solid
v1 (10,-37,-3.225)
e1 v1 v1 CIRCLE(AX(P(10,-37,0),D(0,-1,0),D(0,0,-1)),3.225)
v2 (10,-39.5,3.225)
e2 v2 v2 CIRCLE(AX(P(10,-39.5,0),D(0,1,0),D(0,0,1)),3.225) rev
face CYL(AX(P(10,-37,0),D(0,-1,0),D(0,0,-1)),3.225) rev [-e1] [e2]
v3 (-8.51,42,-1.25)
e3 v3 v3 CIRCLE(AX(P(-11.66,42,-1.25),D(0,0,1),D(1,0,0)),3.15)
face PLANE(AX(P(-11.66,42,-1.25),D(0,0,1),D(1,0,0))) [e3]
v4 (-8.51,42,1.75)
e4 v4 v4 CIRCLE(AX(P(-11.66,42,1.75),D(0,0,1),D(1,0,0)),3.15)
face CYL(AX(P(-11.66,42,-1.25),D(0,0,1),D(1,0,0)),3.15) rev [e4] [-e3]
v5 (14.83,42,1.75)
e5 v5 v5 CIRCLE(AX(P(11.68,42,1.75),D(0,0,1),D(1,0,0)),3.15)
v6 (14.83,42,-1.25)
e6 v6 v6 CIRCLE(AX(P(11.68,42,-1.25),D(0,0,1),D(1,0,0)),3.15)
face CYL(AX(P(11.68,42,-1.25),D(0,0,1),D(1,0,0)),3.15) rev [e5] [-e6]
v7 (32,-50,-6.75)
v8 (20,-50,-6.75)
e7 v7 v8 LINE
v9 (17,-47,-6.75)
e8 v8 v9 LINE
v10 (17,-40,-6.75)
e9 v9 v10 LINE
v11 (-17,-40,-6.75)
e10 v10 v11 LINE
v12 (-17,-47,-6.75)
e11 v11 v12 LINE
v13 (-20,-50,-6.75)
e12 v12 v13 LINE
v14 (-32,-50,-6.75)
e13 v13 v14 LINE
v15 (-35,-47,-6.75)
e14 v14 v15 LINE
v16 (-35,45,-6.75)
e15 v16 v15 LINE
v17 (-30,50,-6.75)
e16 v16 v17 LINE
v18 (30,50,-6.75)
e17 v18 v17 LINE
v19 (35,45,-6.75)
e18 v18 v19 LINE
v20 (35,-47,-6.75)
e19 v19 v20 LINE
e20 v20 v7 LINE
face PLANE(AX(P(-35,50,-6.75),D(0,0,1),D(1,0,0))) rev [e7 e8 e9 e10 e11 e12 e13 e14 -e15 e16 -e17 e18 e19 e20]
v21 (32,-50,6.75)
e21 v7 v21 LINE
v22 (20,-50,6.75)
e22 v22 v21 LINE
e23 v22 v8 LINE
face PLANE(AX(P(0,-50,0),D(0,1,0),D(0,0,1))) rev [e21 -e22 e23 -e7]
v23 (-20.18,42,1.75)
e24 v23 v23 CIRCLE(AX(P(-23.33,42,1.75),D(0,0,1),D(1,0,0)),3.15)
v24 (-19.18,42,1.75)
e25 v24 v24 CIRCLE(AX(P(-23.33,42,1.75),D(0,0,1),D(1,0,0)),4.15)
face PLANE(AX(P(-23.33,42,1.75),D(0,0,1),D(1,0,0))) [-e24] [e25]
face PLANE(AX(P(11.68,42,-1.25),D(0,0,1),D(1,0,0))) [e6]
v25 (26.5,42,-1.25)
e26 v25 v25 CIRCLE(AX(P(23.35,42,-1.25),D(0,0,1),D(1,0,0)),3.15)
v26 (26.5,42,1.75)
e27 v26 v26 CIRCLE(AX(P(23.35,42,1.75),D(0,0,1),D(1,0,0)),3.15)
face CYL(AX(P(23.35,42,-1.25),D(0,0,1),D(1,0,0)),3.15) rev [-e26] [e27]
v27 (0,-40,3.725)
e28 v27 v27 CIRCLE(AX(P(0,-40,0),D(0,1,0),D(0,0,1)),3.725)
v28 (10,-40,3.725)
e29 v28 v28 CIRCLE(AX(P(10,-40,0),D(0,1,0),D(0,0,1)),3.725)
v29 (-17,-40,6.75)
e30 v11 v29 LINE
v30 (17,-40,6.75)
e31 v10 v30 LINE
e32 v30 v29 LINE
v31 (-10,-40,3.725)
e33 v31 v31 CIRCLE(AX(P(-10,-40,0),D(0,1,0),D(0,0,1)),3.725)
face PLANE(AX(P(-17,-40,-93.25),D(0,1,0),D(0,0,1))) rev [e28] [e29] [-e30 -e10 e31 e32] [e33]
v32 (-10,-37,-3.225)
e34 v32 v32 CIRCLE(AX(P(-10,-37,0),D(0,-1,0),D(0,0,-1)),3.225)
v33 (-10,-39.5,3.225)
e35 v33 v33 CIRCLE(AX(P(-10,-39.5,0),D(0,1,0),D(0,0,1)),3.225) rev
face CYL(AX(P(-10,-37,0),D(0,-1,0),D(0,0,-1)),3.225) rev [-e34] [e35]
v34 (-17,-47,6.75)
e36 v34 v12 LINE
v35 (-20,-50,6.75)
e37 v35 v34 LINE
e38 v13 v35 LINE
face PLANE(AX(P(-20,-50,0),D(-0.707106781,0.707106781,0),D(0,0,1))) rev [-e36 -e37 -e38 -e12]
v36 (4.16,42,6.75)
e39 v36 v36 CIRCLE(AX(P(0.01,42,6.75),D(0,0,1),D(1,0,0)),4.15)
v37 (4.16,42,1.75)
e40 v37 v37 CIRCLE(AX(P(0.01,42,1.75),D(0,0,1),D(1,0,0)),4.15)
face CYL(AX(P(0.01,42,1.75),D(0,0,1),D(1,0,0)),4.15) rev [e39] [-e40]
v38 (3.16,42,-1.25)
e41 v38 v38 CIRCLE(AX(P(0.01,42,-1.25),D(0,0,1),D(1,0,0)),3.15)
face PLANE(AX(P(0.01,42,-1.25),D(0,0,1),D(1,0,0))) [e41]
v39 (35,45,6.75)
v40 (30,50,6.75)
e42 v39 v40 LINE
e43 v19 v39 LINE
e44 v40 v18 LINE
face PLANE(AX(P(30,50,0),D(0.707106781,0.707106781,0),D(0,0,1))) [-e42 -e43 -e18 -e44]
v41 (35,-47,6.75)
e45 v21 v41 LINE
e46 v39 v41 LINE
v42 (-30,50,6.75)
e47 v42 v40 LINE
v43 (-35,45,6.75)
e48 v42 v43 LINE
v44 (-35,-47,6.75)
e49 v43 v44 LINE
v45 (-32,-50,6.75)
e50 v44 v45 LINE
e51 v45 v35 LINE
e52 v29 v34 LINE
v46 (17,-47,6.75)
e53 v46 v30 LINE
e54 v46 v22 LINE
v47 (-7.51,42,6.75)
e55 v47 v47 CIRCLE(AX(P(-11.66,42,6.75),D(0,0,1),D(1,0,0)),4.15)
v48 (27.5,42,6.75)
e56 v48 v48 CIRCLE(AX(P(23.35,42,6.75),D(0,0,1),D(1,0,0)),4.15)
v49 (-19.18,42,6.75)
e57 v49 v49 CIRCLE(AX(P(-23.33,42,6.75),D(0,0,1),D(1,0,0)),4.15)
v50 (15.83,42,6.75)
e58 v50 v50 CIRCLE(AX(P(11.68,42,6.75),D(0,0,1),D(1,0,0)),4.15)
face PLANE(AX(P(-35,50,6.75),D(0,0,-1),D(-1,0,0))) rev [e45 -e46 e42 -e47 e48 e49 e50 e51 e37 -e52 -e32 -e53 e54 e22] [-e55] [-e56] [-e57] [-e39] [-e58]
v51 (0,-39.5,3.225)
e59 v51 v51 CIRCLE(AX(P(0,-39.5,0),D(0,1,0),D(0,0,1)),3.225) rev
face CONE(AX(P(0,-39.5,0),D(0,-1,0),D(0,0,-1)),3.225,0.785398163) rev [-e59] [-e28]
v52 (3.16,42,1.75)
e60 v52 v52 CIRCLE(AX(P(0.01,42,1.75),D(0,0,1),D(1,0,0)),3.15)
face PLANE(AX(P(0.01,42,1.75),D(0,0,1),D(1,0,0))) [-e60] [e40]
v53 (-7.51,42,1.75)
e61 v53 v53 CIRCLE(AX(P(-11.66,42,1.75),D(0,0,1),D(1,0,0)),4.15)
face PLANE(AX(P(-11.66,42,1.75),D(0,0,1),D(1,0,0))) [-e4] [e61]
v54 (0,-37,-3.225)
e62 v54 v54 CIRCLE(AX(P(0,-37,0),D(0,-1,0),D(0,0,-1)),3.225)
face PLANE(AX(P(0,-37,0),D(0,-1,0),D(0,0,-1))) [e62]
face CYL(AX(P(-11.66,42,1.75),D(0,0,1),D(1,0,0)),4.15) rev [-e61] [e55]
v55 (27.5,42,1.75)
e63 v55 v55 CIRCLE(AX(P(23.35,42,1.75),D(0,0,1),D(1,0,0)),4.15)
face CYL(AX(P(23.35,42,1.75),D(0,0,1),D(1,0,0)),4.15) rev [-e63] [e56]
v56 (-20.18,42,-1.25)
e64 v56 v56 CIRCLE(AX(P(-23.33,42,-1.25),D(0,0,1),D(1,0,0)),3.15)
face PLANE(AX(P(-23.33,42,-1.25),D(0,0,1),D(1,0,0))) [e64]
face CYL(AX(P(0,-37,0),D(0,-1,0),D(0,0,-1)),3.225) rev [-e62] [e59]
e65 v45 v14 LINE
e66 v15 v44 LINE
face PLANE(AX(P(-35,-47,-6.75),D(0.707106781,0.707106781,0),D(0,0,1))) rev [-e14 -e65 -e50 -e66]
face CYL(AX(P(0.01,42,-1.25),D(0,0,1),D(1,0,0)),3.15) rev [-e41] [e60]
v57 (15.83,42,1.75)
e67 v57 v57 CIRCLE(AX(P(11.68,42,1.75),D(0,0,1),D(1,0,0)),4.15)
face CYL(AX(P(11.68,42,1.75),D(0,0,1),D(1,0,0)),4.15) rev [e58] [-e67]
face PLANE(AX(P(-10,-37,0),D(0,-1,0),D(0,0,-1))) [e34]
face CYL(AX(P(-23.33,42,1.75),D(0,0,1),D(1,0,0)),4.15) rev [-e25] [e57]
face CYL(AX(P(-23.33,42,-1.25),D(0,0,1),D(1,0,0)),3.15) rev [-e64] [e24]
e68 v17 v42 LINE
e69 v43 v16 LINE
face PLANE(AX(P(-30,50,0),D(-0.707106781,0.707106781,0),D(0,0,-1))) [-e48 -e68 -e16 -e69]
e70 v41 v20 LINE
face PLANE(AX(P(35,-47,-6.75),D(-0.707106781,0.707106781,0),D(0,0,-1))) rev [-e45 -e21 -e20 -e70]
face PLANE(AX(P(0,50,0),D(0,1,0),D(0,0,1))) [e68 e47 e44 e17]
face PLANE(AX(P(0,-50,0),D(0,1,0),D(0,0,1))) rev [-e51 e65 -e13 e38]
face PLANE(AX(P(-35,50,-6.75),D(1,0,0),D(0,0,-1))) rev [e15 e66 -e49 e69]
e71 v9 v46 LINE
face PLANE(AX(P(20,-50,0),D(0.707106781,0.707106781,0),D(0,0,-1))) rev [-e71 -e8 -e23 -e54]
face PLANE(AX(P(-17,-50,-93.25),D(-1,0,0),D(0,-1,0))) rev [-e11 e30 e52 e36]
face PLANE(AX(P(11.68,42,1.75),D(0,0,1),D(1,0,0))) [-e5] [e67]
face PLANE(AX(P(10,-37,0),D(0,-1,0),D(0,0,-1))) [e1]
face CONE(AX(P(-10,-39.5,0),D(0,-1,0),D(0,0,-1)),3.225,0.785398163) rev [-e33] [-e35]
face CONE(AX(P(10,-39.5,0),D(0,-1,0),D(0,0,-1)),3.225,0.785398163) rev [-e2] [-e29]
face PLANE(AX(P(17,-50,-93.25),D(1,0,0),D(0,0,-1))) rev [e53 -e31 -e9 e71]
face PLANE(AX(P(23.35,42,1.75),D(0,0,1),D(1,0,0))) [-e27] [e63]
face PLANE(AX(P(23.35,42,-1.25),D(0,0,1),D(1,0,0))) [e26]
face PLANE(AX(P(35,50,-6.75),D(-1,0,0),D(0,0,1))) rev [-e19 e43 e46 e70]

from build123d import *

# Parameters (mm, degrees)
SKETCH1_W           = 70
SKETCH1_H           = 13.5
BOSS_EXTRUDE1_DEPTH = 50
SKETCH2_W           = 34
SKETCH2_H           = 10
CUT_EXTRUDE1_DEPTH  = 100
SKETCH3_R           = 3.225
CUT_EXTRUDE2_DEPTH  = 3
CHAMFER1_SIZE       = 0.5
SKETCH4_R           = 4.15
CUT_EXTRUDE3_DEPTH  = 5
SKETCH5_R           = 3.15
CUT_EXTRUDE4_DEPTH  = 3
CHAMFER2_SIZE       = 3
CHAMFER3_SIZE       = 5


with BuildPart() as part:
    # Sketch1 → Boss-Extrude1 (new, symmetric)
    with BuildSketch(Plane(origin=(0, 0, 0), x_dir=(1, 0, 0), z_dir=(0, 1, 0))):
        Rectangle(SKETCH1_W, SKETCH1_H)
    extrude(amount=BOSS_EXTRUDE1_DEPTH, both=True)

    # Sketch2 → Cut-Extrude1 (cut)
    with BuildSketch(Plane.XY.offset(6.75)):
        with Locations((0, -45)):
            Rectangle(SKETCH2_W, SKETCH2_H)
    extrude(amount=-CUT_EXTRUDE1_DEPTH, mode=Mode.SUBTRACT)

    # Sketch3 → Cut-Extrude2 (cut)
    with BuildSketch(Plane.XZ.offset(40)):
        with Locations(Location((-10, 0, 0), (0, 0, 270))):
            Circle(SKETCH3_R)
        with Locations(Location((0, 0, 0), (0, 0, 270))):
            Circle(SKETCH3_R)
        with Locations(Location((10, 0, 0), (0, 0, 270))):
            Circle(SKETCH3_R)
    extrude(amount=-CUT_EXTRUDE2_DEPTH, mode=Mode.SUBTRACT)

    # Chamfer1
    chamfer1_edges = [part.edges().sort_by_distance(p)[0] for p in [
        (-10, -40, 3.225),
        (0, -40, 3.225),
        (10, -40, 3.225),
    ]]
    chamfer(chamfer1_edges, length=CHAMFER1_SIZE)

    # Sketch4 → Cut-Extrude3 (cut)
    with BuildSketch(Plane.XY.offset(6.75)):
        with Locations((-23.33, 42)):
            Circle(SKETCH4_R)
        with Locations((-11.66, 42)):
            Circle(SKETCH4_R)
        with Locations((0.01, 42)):
            Circle(SKETCH4_R)
        with Locations((11.68, 42)):
            Circle(SKETCH4_R)
        with Locations((23.35, 42)):
            Circle(SKETCH4_R)
    extrude(amount=-CUT_EXTRUDE3_DEPTH, mode=Mode.SUBTRACT)

    # Sketch5 → Cut-Extrude4 (cut)
    with BuildSketch(Plane.XY.offset(1.75)):
        with Locations((-23.33, 42)):
            Circle(SKETCH5_R)
        with Locations((-11.66, 42)):
            Circle(SKETCH5_R)
        with Locations((0.01, 42)):
            Circle(SKETCH5_R)
        with Locations((11.68, 42)):
            Circle(SKETCH5_R)
        with Locations((23.35, 42)):
            Circle(SKETCH5_R)
    extrude(amount=-CUT_EXTRUDE4_DEPTH, mode=Mode.SUBTRACT)

    # Chamfer2
    chamfer2_edges = [part.edges().sort_by_distance(p)[0] for p in [
        (17, -50, 0),
        (-17, -50, 0),
        (-35, -50, 0),
        (35, -50, 0),
    ]]
    chamfer(chamfer2_edges, length=CHAMFER2_SIZE)

    # Chamfer3
    chamfer3_edges = [part.edges().sort_by_distance(p)[0] for p in [
        (-35, 50, 0),
        (35, 50, 0),
    ]]
    chamfer(chamfer3_edges, length=CHAMFER3_SIZE)


solid = part.part
